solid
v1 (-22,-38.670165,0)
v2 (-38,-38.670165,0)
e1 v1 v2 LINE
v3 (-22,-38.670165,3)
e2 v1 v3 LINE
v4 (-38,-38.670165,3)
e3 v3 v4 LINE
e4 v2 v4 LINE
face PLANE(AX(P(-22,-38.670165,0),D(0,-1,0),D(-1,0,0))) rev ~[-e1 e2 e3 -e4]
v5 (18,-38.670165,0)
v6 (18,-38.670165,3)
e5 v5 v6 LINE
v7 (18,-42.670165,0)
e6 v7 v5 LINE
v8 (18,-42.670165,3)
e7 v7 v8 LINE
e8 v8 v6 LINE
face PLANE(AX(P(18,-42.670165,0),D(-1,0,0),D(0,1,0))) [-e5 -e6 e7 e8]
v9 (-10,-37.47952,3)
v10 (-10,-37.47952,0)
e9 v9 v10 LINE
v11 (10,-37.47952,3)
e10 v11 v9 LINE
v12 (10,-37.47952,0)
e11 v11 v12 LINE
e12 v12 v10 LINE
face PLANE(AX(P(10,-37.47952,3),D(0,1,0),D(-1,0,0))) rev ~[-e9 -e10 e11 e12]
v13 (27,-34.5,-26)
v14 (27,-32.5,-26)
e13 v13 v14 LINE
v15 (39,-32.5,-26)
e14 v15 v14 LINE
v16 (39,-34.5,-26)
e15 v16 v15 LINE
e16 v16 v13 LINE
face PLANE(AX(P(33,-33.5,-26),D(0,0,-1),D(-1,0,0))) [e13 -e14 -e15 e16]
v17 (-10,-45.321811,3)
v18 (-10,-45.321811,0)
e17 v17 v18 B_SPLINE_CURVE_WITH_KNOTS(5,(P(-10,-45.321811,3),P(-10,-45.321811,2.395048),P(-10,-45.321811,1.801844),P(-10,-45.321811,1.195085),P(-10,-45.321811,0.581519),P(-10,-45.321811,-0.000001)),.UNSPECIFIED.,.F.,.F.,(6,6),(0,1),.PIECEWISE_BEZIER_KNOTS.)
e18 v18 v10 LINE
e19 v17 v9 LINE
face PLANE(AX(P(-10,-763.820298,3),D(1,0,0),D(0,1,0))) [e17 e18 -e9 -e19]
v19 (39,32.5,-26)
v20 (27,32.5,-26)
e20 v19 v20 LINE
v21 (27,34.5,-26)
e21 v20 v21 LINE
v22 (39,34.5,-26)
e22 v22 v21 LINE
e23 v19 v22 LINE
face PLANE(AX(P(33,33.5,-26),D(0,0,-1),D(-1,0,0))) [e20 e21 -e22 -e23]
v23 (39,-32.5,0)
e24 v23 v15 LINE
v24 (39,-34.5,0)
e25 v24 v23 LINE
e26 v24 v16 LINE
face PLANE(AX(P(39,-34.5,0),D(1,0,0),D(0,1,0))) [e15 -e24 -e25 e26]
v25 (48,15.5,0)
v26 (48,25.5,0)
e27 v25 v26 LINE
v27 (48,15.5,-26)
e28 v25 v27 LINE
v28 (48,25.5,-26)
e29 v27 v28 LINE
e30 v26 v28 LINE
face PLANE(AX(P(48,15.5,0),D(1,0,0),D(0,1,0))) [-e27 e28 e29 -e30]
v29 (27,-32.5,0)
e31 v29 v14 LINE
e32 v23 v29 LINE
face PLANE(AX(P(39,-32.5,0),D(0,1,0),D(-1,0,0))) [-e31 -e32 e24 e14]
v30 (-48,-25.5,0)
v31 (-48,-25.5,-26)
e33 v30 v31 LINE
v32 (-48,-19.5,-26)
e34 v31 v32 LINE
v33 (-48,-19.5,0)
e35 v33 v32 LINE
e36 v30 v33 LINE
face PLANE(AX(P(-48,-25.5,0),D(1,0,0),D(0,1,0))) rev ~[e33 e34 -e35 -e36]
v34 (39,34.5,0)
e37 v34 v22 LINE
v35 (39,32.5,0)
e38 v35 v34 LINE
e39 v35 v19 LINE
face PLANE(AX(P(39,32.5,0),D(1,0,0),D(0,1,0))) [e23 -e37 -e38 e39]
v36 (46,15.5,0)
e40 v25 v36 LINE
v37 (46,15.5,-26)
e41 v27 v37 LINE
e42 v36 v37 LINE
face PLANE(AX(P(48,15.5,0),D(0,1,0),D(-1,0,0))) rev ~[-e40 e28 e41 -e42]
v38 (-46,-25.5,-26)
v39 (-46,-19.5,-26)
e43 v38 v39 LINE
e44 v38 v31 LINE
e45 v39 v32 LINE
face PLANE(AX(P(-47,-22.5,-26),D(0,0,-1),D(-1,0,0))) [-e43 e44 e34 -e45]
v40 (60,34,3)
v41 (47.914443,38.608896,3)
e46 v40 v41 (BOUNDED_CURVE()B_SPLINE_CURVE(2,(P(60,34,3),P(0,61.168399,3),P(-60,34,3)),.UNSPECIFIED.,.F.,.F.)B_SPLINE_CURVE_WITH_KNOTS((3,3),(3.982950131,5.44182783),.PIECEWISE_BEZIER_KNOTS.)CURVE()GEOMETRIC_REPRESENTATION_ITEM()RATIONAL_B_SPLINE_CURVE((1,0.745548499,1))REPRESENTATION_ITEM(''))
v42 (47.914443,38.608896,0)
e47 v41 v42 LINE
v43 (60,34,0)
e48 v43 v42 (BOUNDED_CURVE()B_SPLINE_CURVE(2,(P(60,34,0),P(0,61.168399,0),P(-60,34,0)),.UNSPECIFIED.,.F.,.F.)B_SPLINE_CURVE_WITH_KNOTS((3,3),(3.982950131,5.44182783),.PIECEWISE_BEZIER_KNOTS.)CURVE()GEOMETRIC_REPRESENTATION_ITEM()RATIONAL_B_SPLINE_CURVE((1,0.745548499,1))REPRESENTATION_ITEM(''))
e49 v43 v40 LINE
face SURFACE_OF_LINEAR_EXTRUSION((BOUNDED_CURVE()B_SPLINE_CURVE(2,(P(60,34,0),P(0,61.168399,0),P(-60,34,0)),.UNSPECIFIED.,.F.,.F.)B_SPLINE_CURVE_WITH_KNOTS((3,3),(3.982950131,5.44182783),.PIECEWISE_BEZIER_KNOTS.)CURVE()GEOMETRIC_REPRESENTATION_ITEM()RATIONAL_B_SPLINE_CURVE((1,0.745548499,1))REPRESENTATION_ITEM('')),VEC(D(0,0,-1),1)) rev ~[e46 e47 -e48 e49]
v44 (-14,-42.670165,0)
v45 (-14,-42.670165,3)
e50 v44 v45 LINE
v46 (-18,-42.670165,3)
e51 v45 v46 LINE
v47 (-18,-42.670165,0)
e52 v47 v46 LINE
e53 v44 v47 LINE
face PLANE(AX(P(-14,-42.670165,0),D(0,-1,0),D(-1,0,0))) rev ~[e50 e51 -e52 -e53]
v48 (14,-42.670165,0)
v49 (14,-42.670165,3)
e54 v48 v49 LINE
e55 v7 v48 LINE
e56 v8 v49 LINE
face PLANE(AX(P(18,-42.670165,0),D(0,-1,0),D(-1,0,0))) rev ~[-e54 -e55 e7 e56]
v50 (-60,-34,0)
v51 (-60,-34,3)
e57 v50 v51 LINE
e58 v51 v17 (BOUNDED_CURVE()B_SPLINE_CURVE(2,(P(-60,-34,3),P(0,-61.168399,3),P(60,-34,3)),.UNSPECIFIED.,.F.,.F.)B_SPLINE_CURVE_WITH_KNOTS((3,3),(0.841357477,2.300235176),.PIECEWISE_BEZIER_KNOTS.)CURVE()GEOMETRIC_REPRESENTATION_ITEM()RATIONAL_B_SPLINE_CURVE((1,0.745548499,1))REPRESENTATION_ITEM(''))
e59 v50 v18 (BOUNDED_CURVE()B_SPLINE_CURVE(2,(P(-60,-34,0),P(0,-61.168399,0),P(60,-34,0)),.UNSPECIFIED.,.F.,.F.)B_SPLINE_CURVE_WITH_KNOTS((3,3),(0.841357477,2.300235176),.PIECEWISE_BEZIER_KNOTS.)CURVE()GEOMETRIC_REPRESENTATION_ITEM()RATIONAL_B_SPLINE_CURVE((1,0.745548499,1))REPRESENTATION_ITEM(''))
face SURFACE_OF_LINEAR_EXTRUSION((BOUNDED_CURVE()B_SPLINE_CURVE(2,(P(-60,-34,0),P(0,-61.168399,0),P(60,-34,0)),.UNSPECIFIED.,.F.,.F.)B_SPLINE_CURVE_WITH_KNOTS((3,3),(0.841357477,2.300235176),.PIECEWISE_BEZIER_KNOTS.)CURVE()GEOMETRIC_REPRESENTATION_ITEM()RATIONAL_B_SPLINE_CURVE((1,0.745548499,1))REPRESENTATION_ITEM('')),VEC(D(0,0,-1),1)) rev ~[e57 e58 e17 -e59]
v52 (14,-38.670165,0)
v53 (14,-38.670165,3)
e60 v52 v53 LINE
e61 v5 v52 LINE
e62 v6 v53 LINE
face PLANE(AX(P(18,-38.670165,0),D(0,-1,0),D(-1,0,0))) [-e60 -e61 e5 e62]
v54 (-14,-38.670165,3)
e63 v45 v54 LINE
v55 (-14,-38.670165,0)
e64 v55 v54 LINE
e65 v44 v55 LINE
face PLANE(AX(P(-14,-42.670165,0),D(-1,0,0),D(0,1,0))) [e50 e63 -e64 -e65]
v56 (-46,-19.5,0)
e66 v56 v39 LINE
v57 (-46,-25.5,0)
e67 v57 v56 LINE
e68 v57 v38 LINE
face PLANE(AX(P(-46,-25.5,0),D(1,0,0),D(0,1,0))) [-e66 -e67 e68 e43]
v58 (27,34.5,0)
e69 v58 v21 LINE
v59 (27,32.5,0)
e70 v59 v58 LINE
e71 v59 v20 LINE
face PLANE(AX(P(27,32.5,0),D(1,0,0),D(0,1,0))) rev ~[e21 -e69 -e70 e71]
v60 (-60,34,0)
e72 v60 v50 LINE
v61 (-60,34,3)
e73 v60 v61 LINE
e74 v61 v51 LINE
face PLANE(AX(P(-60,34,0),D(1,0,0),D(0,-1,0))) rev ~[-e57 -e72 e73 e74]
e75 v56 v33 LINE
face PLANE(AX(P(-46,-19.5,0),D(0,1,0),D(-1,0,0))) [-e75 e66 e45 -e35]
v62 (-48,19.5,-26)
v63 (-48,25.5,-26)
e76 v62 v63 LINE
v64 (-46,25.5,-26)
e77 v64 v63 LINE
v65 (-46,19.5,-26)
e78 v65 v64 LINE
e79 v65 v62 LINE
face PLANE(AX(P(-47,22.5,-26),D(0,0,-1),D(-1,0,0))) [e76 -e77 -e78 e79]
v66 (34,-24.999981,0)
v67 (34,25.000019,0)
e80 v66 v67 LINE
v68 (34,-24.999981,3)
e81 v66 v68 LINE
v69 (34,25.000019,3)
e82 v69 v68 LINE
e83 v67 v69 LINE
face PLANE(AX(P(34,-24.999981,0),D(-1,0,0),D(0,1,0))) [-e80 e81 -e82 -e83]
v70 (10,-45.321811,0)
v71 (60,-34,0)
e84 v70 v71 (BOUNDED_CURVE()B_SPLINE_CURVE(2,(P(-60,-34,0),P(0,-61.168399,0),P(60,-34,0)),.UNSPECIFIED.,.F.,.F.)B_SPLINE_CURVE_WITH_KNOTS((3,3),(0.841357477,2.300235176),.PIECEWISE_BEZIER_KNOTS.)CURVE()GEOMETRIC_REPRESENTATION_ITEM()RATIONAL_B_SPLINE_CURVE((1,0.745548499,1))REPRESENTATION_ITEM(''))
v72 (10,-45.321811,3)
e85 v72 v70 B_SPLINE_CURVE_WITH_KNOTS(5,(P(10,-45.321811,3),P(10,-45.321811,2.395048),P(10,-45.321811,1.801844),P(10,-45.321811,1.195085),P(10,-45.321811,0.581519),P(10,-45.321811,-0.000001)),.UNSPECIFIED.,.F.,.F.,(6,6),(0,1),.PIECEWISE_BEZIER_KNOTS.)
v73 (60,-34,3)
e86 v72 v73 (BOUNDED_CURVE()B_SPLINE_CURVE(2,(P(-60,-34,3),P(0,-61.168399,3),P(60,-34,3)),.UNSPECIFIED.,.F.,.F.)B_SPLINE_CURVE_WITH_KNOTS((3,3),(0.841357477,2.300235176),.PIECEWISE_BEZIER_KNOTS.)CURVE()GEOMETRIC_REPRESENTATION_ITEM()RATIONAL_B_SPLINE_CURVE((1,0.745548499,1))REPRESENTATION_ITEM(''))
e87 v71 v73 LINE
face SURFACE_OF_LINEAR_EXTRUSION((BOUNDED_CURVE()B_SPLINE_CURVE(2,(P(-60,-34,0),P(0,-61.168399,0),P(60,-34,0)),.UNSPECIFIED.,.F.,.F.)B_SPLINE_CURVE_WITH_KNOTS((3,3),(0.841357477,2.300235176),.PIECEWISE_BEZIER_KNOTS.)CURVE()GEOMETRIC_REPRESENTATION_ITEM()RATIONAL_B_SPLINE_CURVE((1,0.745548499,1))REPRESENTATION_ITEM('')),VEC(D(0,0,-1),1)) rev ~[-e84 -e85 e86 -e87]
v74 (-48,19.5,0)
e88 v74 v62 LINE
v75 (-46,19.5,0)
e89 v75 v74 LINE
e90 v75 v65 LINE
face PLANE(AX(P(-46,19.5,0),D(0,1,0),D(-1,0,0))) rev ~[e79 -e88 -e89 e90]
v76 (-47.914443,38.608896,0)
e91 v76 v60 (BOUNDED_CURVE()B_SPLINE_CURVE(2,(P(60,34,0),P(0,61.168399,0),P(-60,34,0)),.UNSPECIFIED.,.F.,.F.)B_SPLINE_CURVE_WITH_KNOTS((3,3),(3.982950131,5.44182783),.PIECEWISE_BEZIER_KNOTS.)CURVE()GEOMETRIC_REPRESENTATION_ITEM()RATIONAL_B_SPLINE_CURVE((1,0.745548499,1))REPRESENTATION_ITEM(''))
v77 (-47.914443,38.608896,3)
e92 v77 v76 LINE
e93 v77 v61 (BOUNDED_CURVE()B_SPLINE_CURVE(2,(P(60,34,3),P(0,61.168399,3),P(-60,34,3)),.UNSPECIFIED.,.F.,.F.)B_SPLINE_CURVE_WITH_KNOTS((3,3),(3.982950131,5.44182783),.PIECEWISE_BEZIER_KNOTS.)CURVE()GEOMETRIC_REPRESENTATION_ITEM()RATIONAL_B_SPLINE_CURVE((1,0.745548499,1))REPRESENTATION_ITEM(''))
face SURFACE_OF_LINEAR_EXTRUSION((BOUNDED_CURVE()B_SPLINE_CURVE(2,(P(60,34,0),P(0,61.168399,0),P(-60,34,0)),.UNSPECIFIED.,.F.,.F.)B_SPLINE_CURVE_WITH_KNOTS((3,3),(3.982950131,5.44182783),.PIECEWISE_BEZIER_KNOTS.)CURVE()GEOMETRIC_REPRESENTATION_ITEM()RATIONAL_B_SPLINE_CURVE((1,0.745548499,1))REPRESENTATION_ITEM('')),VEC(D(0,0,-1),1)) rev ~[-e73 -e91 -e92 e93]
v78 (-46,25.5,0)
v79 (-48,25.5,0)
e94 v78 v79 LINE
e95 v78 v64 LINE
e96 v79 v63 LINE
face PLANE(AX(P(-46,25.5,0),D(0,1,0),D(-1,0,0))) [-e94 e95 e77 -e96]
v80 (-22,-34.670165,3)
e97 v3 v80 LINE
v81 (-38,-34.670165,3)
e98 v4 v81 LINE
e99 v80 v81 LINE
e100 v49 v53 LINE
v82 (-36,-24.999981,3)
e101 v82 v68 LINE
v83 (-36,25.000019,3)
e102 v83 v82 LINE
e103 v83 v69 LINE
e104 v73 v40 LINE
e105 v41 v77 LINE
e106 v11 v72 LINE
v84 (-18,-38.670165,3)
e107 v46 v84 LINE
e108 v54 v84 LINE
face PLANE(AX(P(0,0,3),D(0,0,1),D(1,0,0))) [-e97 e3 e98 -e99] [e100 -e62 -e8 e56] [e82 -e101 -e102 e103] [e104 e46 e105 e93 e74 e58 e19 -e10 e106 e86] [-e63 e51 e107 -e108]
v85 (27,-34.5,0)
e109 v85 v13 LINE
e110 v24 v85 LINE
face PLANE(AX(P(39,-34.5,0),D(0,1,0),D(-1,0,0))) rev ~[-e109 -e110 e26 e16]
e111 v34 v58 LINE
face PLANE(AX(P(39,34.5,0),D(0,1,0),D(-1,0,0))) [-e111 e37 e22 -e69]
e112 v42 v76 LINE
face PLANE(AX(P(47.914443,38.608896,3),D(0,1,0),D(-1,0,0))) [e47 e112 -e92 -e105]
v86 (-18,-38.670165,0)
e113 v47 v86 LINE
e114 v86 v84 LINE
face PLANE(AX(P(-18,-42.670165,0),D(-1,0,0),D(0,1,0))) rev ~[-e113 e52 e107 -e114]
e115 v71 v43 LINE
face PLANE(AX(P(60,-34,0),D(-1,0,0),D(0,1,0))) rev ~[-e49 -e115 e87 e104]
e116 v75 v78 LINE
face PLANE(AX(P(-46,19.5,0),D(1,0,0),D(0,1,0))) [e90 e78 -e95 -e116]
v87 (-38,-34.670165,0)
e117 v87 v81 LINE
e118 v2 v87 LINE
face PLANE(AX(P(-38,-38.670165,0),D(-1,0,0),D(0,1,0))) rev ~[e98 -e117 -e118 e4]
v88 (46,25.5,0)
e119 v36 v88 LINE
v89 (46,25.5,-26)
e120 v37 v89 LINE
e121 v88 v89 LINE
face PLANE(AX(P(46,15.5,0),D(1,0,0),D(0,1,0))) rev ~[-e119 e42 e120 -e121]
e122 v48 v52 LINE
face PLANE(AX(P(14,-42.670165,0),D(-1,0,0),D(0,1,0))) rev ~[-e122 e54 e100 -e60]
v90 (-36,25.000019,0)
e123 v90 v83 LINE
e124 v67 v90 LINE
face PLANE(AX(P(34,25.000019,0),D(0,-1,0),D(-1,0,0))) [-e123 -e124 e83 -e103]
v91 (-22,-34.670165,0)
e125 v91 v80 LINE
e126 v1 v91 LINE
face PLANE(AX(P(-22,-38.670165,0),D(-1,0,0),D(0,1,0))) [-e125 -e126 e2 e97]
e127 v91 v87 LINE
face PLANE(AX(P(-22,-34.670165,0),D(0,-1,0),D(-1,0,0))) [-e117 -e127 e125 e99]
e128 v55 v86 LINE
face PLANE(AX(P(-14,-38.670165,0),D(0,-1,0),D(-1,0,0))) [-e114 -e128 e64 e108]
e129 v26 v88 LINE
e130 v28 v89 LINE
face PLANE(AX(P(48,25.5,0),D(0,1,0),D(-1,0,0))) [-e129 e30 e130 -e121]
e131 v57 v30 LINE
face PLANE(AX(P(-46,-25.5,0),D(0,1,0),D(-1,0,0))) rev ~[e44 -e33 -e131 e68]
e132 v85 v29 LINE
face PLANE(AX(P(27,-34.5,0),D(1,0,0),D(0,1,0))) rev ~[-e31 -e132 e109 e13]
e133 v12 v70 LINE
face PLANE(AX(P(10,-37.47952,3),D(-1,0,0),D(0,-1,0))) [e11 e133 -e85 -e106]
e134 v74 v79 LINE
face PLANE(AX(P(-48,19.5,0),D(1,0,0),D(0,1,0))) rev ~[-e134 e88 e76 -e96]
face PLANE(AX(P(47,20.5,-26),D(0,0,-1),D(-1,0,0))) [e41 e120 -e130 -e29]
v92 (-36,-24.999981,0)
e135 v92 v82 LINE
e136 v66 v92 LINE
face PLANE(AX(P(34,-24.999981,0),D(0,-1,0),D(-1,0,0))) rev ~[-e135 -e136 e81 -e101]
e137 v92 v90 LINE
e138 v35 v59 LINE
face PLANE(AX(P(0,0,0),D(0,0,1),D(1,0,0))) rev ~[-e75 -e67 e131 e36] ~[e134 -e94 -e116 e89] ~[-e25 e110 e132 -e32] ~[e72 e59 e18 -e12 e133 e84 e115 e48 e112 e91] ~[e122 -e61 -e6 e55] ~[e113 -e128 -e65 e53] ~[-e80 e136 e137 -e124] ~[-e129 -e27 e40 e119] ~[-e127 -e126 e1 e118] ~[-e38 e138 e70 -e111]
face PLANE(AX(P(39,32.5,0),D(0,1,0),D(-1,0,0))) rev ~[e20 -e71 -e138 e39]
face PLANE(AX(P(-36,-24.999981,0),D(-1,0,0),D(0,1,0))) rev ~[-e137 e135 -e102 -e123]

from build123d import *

# Parameters (mm, degrees)
EXTRUDE_1_DEPTH           = 3
SKETCH_3_W                = 12
SKETCH_3_H                = 2
SKETCH_3_W_2              = 2
SKETCH_3_H_2              = 6
SKETCH_3_H_3              = 10
EXTRUDE_2_DEPTH           = 26
CUT_EXTRUDE_5_DEPTH       = 80.722804771
CUT_EXTRUDE_5_DEPTH_BACK  = 3
SKETCH_5_W                = 4
SKETCH_5_H                = 4
SKETCH_5_W_2              = 16
CUT_EXTRUDE_6_DEPTH       = 3
SKETCH_6_W                = 70
SKETCH_6_H                = 50
CUT_EXTRUDE_7_DEPTH       = 10
CUT_EXTRUDE_10_DEPTH      = 80.722804771
CUT_EXTRUDE_10_DEPTH_BACK = 3


with BuildPart() as part:
    # 草图1 → 凸台-拉伸1 (new body)
    with BuildSketch(Plane.XY):
        with BuildLine():
            Line((-60, 34), (-60, -34))
            add(Edge.make_bspline(
                [(-60, -34), (0, -61.168399395), (60, -34)],
                knots=[0.841357477, 0.841357477, 0.841357477, 2.300235176, 2.300235176, 2.300235176], degree=2, weights=[1, 0.745548499, 1]))
            Line((60, -34), (60, 34))
            add(Edge.make_bspline(
                [(60, 34), (0, 61.168399395), (-60, 34)],
                knots=[3.982950131, 3.982950131, 3.982950131, 5.44182783, 5.44182783, 5.44182783], degree=2, weights=[1, 0.745548499, 1]))
        make_face()
    extrude(amount=EXTRUDE_1_DEPTH)

    # 草图3 → 凸台-拉伸2 (add)
    with BuildSketch(Plane(origin=(0, 0, 0), x_dir=(-1, 0, 0), z_dir=(0, 0, -1))):
        with Locations((-33, -33.5)):
            Rectangle(SKETCH_3_W, SKETCH_3_H)
        with Locations((47, -22.5)):
            Rectangle(SKETCH_3_W_2, SKETCH_3_H_2)
        with Locations((47, 22.5)):
            Rectangle(SKETCH_3_W_2, SKETCH_3_H_2)
        with Locations((-33, 33.5)):
            Rectangle(SKETCH_3_W, SKETCH_3_H)
        with Locations((-47, 20.5)):
            Rectangle(SKETCH_3_W_2, SKETCH_3_H_3)
    extrude(amount=EXTRUDE_2_DEPTH)

    # 草图4 → 切除-拉伸5 (cut, two sides: drawn at the far end of the back side and taken through both)
    with BuildSketch(Plane(origin=(0, 0, 0), x_dir=(-1, 0, 0), z_dir=(0, 0, -1)).offset(-CUT_EXTRUDE_5_DEPTH_BACK)):
        Polygon((-10, -284.821306472), (-10, -45.321810815), (-10, -37.47951977), (10, -37.47951977), (10, -45.321810815), (10, -284.821306472), (10, -763.820297787), (-10, -763.820297787), align=None)
    extrude(amount=CUT_EXTRUDE_5_DEPTH + CUT_EXTRUDE_5_DEPTH_BACK, mode=Mode.SUBTRACT)

    # 草图5 → 切除-拉伸6 (cut)
    with BuildSketch(Plane(origin=(0, 0, 0), x_dir=(-1, 0, 0), z_dir=(0, 0, -1))):
        with Locations((-16, -40.670164979)):
            Rectangle(SKETCH_5_W, SKETCH_5_H)
        with Locations((30, -36.670164979)):
            Rectangle(SKETCH_5_W_2, SKETCH_5_H)
        with Locations((16, -40.670164979)):
            Rectangle(SKETCH_5_W, SKETCH_5_H)
    extrude(amount=-CUT_EXTRUDE_6_DEPTH, mode=Mode.SUBTRACT)

    # 草图6 → 切除-拉伸7 (cut)
    with BuildSketch(Plane(origin=(0, 0, 0), x_dir=(-1, 0, 0), z_dir=(0, 0, -1))):
        with Locations((1, 1.9417e-05)):
            Rectangle(SKETCH_6_W, SKETCH_6_H)
    extrude(amount=-CUT_EXTRUDE_7_DEPTH, mode=Mode.SUBTRACT)

    # 草图7 → 切除-拉伸10 (cut, two sides: drawn at the far end of the back side and taken through both)
    with BuildSketch(Plane(origin=(0, 0, 0), x_dir=(-1, 0, 0), z_dir=(0, 0, -1)).offset(-CUT_EXTRUDE_10_DEPTH_BACK)):
        with BuildLine():
            Line((-47.914442952, 38.608895735), (-0.047490379, 38.608895735))
            Line((-0.047490379, 38.608895735), (47.914442952, 38.608895735))
            add(Edge.make_bspline(
                [(-47.914442952, 38.608895735), (0, 53.86648698), (47.914442952, 38.608895735)],
                knots=[4.161758339, 4.161758339, 4.161758339, 5.263019622, 5.263019622, 5.263019622], degree=2, weights=[0.945270908, 0.800277591, 0.945270908]))
        make_face()
    extrude(amount=CUT_EXTRUDE_10_DEPTH + CUT_EXTRUDE_10_DEPTH_BACK, mode=Mode.SUBTRACT)


solid = part.part
